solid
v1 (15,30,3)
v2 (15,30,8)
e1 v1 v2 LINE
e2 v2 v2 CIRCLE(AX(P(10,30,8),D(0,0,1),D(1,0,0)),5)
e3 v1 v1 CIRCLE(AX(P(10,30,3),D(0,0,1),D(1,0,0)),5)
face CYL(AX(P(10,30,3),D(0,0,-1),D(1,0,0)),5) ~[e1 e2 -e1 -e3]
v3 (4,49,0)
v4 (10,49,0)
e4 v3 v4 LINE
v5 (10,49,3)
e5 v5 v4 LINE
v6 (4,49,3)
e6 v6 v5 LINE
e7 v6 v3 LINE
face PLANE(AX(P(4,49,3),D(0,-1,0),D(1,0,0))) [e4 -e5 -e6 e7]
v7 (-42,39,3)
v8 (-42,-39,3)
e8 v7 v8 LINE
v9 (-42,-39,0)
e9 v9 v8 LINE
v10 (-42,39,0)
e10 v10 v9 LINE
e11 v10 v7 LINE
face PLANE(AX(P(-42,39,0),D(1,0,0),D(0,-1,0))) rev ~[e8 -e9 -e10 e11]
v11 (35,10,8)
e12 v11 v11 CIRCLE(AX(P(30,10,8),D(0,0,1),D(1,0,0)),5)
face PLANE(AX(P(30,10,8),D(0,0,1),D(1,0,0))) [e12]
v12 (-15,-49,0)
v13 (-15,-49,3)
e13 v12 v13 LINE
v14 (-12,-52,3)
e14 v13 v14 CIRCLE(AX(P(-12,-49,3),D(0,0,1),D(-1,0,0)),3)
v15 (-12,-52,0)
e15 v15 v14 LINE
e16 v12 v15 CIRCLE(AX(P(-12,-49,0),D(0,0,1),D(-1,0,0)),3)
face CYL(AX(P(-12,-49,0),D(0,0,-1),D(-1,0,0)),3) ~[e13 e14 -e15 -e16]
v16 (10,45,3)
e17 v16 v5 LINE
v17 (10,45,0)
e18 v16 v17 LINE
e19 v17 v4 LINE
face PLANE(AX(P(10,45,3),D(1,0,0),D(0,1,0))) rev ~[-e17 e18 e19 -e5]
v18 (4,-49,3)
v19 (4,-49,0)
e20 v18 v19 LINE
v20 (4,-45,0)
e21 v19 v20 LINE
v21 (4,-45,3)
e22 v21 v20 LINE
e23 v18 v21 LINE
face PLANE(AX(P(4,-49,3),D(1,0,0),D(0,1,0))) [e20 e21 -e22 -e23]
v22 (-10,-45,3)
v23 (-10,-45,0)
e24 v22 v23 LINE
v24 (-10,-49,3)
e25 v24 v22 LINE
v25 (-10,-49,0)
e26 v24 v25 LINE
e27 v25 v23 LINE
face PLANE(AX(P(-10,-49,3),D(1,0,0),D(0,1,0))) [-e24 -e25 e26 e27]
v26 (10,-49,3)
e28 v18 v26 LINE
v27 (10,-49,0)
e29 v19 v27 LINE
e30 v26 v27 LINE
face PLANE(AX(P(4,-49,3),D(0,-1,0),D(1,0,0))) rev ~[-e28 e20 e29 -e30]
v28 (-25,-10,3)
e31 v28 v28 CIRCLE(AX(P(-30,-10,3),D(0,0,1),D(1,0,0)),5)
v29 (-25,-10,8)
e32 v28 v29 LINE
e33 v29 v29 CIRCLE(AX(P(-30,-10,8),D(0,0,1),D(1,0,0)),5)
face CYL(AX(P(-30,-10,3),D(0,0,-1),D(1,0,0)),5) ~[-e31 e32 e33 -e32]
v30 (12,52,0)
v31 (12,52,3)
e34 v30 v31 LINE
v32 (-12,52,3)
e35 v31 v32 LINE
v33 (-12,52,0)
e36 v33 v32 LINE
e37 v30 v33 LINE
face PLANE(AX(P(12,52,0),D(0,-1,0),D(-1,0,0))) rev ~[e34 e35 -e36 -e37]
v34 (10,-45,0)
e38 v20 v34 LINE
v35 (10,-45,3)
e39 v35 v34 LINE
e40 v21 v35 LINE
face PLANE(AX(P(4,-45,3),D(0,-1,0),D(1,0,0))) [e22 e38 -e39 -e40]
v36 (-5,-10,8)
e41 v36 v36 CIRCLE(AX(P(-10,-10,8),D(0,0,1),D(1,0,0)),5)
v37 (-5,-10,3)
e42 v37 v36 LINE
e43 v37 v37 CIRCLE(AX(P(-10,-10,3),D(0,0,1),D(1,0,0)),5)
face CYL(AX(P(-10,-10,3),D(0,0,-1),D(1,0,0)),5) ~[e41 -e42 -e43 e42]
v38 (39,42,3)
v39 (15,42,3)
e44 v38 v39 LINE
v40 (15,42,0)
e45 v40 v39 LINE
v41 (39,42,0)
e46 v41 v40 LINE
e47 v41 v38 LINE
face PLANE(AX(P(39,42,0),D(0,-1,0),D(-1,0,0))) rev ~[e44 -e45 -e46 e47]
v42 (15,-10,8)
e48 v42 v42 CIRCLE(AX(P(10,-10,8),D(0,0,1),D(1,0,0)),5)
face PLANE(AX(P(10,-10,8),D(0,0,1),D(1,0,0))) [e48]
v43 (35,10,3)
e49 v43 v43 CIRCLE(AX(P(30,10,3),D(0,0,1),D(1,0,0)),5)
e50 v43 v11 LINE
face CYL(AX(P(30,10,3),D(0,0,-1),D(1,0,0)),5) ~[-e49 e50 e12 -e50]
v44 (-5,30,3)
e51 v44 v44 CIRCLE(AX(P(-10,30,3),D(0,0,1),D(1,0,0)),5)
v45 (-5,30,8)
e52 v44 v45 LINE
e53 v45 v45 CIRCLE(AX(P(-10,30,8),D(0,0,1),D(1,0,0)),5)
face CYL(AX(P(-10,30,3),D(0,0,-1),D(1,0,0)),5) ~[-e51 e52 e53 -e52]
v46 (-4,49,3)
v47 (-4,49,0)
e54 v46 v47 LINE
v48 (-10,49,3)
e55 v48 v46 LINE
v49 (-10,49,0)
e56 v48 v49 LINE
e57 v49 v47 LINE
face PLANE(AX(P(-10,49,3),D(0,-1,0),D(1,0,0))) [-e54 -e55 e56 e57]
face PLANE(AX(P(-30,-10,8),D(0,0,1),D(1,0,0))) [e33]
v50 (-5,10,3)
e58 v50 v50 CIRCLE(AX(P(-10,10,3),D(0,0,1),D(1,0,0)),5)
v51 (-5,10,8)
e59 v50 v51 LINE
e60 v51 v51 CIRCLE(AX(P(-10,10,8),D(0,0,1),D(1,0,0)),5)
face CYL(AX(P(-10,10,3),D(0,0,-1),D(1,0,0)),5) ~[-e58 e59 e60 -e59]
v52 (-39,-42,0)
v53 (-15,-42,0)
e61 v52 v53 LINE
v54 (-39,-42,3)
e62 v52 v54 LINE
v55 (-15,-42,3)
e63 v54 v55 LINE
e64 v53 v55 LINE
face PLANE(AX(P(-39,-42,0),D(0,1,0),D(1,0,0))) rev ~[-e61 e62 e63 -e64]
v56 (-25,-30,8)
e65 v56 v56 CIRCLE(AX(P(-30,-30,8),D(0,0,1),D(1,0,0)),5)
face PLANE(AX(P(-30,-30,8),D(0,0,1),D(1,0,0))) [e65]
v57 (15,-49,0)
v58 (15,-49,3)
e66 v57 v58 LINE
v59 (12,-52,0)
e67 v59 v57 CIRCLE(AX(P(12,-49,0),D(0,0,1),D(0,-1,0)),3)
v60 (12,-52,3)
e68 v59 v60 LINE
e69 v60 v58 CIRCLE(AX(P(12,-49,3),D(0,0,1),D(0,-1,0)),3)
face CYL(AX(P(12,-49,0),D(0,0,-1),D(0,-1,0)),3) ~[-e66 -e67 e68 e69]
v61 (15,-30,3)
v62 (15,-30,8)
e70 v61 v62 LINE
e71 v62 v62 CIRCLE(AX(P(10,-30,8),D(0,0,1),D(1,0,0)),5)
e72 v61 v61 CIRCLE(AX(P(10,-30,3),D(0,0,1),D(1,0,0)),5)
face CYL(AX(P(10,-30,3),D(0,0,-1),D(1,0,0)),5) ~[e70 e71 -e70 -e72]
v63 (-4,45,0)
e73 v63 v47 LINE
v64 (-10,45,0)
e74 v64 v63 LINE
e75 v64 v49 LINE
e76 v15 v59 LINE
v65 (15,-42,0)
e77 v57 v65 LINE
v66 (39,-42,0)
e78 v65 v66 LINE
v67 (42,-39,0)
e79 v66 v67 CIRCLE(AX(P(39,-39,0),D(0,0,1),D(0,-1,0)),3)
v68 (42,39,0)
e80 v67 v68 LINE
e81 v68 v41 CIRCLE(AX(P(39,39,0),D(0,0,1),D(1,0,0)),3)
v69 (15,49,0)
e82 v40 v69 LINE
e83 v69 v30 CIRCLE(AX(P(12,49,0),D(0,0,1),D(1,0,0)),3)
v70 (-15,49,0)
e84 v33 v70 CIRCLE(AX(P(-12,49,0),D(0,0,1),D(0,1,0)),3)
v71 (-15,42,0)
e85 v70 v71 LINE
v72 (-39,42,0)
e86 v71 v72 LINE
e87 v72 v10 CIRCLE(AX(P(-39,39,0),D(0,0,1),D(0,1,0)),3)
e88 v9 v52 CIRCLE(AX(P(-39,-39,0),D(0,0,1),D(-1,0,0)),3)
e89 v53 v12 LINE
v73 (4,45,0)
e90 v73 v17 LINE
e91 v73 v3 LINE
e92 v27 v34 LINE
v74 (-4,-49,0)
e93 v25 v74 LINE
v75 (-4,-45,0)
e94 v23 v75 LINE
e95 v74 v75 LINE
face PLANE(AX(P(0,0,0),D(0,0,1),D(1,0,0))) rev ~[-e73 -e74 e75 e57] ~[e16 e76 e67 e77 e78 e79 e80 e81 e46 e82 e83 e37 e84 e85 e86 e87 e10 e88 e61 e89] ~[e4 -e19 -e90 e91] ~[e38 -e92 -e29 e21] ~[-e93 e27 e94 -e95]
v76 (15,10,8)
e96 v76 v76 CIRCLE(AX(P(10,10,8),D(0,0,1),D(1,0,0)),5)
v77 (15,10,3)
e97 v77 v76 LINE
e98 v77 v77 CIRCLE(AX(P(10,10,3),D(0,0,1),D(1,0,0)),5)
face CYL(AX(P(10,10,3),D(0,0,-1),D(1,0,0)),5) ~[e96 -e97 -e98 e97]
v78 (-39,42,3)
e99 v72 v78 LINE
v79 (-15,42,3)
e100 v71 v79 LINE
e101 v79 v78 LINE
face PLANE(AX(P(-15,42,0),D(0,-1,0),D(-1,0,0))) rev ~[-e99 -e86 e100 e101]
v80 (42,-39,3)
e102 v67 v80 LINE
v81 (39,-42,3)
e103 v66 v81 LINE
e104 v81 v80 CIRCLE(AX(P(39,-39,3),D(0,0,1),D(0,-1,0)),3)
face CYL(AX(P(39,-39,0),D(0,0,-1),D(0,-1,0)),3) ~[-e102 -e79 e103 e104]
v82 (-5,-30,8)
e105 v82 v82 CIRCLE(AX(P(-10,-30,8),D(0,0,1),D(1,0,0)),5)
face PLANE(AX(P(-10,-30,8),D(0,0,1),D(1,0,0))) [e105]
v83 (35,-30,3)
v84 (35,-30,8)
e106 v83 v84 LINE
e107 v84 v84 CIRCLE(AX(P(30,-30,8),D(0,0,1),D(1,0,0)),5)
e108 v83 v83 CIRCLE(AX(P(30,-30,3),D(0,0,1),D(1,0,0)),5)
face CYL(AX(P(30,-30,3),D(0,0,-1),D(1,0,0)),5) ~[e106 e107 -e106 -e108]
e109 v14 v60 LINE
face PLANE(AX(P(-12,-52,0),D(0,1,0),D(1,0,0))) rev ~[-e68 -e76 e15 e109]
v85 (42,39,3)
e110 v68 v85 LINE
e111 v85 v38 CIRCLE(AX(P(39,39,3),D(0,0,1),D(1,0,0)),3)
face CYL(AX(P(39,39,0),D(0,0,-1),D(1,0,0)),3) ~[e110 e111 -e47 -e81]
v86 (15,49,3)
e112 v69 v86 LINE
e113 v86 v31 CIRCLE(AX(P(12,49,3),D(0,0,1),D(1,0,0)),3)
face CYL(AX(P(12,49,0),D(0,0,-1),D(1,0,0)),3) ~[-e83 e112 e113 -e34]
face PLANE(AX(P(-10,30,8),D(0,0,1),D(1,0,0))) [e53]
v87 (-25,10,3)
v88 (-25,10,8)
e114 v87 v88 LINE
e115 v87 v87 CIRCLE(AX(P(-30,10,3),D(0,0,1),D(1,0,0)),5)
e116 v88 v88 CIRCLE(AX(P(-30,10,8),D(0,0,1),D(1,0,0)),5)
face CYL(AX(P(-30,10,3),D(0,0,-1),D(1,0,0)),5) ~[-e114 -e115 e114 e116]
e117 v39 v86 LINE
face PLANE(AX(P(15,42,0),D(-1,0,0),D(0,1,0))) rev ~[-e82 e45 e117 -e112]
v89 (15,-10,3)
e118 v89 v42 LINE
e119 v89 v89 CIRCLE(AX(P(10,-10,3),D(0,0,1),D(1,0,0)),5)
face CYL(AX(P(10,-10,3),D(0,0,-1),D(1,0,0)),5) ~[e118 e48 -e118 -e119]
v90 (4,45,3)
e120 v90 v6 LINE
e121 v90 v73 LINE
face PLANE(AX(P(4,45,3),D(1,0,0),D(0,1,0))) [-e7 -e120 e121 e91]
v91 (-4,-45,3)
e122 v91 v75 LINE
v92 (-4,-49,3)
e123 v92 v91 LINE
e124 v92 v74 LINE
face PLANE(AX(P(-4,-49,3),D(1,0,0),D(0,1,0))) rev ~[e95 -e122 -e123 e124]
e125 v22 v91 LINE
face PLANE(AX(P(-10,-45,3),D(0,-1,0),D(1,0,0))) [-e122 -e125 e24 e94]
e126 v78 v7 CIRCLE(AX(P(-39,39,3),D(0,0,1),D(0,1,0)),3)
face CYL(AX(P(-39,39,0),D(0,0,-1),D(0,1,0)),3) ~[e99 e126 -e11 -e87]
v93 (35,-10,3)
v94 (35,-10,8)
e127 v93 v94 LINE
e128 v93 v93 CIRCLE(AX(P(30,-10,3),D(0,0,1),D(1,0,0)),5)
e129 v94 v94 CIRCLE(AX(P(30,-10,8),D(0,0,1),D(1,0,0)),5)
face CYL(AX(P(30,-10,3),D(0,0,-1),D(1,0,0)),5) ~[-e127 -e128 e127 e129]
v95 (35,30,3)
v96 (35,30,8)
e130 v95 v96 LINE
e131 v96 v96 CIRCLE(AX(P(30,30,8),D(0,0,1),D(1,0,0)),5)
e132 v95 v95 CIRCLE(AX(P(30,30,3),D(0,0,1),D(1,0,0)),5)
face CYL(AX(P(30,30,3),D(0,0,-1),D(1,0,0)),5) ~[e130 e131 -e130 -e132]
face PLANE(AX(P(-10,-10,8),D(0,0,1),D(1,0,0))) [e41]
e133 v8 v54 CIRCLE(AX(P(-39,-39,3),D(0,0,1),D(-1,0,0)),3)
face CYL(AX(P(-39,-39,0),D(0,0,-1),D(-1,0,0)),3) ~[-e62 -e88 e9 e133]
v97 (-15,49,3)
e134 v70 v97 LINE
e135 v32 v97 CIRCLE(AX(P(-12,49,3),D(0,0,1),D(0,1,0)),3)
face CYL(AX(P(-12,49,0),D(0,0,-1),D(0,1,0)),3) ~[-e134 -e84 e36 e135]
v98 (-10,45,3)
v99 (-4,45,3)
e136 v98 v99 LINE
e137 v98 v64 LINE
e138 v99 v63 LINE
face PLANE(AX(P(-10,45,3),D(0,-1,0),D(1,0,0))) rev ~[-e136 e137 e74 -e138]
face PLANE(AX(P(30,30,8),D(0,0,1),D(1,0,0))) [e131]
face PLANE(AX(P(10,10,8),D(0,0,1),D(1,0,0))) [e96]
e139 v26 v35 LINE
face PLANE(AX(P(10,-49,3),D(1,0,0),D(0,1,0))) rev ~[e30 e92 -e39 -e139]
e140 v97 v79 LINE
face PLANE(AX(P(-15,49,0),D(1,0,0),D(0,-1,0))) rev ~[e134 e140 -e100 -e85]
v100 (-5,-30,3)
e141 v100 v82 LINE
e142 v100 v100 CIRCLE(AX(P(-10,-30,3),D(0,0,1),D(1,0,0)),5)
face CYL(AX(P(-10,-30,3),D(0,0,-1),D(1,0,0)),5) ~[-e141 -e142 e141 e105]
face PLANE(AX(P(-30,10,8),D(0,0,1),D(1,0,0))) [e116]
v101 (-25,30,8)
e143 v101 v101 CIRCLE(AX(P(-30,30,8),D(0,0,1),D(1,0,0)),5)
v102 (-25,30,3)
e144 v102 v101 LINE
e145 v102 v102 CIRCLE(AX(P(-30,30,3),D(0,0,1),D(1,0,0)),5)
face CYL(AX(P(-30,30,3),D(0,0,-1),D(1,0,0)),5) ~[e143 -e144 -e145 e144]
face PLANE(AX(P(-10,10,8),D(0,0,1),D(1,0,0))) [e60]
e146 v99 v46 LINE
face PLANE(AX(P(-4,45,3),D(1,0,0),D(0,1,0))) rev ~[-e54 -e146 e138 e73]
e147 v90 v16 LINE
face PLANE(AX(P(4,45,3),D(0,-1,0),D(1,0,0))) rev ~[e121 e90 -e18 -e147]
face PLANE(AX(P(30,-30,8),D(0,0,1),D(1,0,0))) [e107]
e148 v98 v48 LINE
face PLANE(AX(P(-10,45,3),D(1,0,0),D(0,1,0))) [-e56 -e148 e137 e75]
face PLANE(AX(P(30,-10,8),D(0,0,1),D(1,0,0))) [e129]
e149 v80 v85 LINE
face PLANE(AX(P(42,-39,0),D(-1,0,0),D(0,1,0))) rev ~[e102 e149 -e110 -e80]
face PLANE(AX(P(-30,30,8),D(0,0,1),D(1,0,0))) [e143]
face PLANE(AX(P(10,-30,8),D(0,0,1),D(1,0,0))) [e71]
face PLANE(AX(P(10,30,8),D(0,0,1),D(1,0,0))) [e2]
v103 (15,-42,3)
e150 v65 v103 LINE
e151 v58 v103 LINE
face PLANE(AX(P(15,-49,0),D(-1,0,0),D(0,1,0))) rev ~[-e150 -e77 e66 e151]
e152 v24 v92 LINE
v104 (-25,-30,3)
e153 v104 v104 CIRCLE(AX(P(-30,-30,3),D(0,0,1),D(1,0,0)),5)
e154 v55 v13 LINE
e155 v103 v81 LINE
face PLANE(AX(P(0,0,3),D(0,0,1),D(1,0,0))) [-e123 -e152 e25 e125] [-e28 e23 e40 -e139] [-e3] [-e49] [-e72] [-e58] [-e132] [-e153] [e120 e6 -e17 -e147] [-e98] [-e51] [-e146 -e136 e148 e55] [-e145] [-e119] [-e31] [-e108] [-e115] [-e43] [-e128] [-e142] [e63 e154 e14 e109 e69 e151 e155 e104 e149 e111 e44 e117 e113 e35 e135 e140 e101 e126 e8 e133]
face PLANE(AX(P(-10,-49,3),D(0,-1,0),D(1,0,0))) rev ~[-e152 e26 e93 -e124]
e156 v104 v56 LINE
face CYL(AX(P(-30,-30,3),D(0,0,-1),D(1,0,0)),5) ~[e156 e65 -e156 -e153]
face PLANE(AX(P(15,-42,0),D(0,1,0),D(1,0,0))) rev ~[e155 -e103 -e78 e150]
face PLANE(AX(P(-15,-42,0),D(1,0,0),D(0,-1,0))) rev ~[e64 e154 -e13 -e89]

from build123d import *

# Parameters (mm, degrees)
PAD_DEPTH    = 3
SKETCH001_R  = 5
PAD001_DEPTH = 5
SKETCH002_W  = 6
SKETCH002_H  = 4
POCKET_DEPTH = 5


with BuildPart() as part:
    # Sketch → Pad (new body)
    with BuildSketch(Plane.XY):
        with BuildLine():
            Line((42, -39), (42, 39))
            ThreePointArc((42, 39), (41.1213203436, 41.1213203436), (39, 42))
            Line((39, 42), (-39, 42))
            ThreePointArc((-39, 42), (-41.1213203436, 41.1213203436), (-42, 39))
            Line((-42, 39), (-42, -39))
            ThreePointArc((-42, -39), (-41.1213203436, -41.1213203436), (-39, -42))
            Line((-39, -42), (39, -42))
            ThreePointArc((39, -42), (41.1213203436, -41.1213203436), (42, -39))
        make_face()
        with BuildLine():
            Line((-15, 42), (15, 42))
            Line((15, 42), (15, 49))
            ThreePointArc((15, 49), (14.1213203436, 51.1213203436), (12, 52))
            Line((12, 52), (-12, 52))
            ThreePointArc((-12, 52), (-14.1213203436, 51.1213203436), (-15, 49))
            Line((-15, 49), (-15, 42))
        make_face()
        with BuildLine():
            Line((-15, -42), (-15, -49))
            ThreePointArc((-15, -49), (-14.1213203436, -51.1213203436), (-12, -52))
            Line((-12, -52), (12, -52))
            ThreePointArc((12, -52), (14.1213203436, -51.1213203436), (15, -49))
            Line((15, -49), (15, -42))
            Line((15, -42), (-15, -42))
        make_face()
    extrude(amount=PAD_DEPTH)

    # Sketch001 (on Face22 of Pad) → Pad001 (join)
    with BuildSketch(Plane.XY.offset(3)):
        with Locations((-30, 30)):
            Circle(SKETCH001_R)
        with Locations((-10, 30)):
            Circle(SKETCH001_R)
        with Locations((-30, 10)):
            Circle(SKETCH001_R)
        with Locations((-10, 10)):
            Circle(SKETCH001_R)
        with Locations((-30, -10)):
            Circle(SKETCH001_R)
        with Locations((-10, -10)):
            Circle(SKETCH001_R)
        with Locations((-30, -30)):
            Circle(SKETCH001_R)
        with Locations((-10, -30)):
            Circle(SKETCH001_R)
        with Locations((10, 30)):
            Circle(SKETCH001_R)
        with Locations((30, 30)):
            Circle(SKETCH001_R)
        with Locations((10, 10)):
            Circle(SKETCH001_R)
        with Locations((30, 10)):
            Circle(SKETCH001_R)
        with Locations((10, -10)):
            Circle(SKETCH001_R)
        with Locations((30, -10)):
            Circle(SKETCH001_R)
        with Locations((10, -30)):
            Circle(SKETCH001_R)
        with Locations((30, -30)):
            Circle(SKETCH001_R)
    extrude(amount=PAD001_DEPTH)

    # Sketch002 (on Face5 of Pad001) → Pocket (cut)
    with BuildSketch(Plane.XY.offset(3)):
        with Locations((-7, 47)):
            Rectangle(SKETCH002_W, SKETCH002_H)
        with Locations((7, 47)):
            Rectangle(SKETCH002_W, SKETCH002_H)
        with Locations((7, -47)):
            Rectangle(SKETCH002_W, SKETCH002_H)
        with Locations((-7, -47)):
            Rectangle(SKETCH002_W, SKETCH002_H)
    extrude(amount=-POCKET_DEPTH, mode=Mode.SUBTRACT)


solid = part.part
